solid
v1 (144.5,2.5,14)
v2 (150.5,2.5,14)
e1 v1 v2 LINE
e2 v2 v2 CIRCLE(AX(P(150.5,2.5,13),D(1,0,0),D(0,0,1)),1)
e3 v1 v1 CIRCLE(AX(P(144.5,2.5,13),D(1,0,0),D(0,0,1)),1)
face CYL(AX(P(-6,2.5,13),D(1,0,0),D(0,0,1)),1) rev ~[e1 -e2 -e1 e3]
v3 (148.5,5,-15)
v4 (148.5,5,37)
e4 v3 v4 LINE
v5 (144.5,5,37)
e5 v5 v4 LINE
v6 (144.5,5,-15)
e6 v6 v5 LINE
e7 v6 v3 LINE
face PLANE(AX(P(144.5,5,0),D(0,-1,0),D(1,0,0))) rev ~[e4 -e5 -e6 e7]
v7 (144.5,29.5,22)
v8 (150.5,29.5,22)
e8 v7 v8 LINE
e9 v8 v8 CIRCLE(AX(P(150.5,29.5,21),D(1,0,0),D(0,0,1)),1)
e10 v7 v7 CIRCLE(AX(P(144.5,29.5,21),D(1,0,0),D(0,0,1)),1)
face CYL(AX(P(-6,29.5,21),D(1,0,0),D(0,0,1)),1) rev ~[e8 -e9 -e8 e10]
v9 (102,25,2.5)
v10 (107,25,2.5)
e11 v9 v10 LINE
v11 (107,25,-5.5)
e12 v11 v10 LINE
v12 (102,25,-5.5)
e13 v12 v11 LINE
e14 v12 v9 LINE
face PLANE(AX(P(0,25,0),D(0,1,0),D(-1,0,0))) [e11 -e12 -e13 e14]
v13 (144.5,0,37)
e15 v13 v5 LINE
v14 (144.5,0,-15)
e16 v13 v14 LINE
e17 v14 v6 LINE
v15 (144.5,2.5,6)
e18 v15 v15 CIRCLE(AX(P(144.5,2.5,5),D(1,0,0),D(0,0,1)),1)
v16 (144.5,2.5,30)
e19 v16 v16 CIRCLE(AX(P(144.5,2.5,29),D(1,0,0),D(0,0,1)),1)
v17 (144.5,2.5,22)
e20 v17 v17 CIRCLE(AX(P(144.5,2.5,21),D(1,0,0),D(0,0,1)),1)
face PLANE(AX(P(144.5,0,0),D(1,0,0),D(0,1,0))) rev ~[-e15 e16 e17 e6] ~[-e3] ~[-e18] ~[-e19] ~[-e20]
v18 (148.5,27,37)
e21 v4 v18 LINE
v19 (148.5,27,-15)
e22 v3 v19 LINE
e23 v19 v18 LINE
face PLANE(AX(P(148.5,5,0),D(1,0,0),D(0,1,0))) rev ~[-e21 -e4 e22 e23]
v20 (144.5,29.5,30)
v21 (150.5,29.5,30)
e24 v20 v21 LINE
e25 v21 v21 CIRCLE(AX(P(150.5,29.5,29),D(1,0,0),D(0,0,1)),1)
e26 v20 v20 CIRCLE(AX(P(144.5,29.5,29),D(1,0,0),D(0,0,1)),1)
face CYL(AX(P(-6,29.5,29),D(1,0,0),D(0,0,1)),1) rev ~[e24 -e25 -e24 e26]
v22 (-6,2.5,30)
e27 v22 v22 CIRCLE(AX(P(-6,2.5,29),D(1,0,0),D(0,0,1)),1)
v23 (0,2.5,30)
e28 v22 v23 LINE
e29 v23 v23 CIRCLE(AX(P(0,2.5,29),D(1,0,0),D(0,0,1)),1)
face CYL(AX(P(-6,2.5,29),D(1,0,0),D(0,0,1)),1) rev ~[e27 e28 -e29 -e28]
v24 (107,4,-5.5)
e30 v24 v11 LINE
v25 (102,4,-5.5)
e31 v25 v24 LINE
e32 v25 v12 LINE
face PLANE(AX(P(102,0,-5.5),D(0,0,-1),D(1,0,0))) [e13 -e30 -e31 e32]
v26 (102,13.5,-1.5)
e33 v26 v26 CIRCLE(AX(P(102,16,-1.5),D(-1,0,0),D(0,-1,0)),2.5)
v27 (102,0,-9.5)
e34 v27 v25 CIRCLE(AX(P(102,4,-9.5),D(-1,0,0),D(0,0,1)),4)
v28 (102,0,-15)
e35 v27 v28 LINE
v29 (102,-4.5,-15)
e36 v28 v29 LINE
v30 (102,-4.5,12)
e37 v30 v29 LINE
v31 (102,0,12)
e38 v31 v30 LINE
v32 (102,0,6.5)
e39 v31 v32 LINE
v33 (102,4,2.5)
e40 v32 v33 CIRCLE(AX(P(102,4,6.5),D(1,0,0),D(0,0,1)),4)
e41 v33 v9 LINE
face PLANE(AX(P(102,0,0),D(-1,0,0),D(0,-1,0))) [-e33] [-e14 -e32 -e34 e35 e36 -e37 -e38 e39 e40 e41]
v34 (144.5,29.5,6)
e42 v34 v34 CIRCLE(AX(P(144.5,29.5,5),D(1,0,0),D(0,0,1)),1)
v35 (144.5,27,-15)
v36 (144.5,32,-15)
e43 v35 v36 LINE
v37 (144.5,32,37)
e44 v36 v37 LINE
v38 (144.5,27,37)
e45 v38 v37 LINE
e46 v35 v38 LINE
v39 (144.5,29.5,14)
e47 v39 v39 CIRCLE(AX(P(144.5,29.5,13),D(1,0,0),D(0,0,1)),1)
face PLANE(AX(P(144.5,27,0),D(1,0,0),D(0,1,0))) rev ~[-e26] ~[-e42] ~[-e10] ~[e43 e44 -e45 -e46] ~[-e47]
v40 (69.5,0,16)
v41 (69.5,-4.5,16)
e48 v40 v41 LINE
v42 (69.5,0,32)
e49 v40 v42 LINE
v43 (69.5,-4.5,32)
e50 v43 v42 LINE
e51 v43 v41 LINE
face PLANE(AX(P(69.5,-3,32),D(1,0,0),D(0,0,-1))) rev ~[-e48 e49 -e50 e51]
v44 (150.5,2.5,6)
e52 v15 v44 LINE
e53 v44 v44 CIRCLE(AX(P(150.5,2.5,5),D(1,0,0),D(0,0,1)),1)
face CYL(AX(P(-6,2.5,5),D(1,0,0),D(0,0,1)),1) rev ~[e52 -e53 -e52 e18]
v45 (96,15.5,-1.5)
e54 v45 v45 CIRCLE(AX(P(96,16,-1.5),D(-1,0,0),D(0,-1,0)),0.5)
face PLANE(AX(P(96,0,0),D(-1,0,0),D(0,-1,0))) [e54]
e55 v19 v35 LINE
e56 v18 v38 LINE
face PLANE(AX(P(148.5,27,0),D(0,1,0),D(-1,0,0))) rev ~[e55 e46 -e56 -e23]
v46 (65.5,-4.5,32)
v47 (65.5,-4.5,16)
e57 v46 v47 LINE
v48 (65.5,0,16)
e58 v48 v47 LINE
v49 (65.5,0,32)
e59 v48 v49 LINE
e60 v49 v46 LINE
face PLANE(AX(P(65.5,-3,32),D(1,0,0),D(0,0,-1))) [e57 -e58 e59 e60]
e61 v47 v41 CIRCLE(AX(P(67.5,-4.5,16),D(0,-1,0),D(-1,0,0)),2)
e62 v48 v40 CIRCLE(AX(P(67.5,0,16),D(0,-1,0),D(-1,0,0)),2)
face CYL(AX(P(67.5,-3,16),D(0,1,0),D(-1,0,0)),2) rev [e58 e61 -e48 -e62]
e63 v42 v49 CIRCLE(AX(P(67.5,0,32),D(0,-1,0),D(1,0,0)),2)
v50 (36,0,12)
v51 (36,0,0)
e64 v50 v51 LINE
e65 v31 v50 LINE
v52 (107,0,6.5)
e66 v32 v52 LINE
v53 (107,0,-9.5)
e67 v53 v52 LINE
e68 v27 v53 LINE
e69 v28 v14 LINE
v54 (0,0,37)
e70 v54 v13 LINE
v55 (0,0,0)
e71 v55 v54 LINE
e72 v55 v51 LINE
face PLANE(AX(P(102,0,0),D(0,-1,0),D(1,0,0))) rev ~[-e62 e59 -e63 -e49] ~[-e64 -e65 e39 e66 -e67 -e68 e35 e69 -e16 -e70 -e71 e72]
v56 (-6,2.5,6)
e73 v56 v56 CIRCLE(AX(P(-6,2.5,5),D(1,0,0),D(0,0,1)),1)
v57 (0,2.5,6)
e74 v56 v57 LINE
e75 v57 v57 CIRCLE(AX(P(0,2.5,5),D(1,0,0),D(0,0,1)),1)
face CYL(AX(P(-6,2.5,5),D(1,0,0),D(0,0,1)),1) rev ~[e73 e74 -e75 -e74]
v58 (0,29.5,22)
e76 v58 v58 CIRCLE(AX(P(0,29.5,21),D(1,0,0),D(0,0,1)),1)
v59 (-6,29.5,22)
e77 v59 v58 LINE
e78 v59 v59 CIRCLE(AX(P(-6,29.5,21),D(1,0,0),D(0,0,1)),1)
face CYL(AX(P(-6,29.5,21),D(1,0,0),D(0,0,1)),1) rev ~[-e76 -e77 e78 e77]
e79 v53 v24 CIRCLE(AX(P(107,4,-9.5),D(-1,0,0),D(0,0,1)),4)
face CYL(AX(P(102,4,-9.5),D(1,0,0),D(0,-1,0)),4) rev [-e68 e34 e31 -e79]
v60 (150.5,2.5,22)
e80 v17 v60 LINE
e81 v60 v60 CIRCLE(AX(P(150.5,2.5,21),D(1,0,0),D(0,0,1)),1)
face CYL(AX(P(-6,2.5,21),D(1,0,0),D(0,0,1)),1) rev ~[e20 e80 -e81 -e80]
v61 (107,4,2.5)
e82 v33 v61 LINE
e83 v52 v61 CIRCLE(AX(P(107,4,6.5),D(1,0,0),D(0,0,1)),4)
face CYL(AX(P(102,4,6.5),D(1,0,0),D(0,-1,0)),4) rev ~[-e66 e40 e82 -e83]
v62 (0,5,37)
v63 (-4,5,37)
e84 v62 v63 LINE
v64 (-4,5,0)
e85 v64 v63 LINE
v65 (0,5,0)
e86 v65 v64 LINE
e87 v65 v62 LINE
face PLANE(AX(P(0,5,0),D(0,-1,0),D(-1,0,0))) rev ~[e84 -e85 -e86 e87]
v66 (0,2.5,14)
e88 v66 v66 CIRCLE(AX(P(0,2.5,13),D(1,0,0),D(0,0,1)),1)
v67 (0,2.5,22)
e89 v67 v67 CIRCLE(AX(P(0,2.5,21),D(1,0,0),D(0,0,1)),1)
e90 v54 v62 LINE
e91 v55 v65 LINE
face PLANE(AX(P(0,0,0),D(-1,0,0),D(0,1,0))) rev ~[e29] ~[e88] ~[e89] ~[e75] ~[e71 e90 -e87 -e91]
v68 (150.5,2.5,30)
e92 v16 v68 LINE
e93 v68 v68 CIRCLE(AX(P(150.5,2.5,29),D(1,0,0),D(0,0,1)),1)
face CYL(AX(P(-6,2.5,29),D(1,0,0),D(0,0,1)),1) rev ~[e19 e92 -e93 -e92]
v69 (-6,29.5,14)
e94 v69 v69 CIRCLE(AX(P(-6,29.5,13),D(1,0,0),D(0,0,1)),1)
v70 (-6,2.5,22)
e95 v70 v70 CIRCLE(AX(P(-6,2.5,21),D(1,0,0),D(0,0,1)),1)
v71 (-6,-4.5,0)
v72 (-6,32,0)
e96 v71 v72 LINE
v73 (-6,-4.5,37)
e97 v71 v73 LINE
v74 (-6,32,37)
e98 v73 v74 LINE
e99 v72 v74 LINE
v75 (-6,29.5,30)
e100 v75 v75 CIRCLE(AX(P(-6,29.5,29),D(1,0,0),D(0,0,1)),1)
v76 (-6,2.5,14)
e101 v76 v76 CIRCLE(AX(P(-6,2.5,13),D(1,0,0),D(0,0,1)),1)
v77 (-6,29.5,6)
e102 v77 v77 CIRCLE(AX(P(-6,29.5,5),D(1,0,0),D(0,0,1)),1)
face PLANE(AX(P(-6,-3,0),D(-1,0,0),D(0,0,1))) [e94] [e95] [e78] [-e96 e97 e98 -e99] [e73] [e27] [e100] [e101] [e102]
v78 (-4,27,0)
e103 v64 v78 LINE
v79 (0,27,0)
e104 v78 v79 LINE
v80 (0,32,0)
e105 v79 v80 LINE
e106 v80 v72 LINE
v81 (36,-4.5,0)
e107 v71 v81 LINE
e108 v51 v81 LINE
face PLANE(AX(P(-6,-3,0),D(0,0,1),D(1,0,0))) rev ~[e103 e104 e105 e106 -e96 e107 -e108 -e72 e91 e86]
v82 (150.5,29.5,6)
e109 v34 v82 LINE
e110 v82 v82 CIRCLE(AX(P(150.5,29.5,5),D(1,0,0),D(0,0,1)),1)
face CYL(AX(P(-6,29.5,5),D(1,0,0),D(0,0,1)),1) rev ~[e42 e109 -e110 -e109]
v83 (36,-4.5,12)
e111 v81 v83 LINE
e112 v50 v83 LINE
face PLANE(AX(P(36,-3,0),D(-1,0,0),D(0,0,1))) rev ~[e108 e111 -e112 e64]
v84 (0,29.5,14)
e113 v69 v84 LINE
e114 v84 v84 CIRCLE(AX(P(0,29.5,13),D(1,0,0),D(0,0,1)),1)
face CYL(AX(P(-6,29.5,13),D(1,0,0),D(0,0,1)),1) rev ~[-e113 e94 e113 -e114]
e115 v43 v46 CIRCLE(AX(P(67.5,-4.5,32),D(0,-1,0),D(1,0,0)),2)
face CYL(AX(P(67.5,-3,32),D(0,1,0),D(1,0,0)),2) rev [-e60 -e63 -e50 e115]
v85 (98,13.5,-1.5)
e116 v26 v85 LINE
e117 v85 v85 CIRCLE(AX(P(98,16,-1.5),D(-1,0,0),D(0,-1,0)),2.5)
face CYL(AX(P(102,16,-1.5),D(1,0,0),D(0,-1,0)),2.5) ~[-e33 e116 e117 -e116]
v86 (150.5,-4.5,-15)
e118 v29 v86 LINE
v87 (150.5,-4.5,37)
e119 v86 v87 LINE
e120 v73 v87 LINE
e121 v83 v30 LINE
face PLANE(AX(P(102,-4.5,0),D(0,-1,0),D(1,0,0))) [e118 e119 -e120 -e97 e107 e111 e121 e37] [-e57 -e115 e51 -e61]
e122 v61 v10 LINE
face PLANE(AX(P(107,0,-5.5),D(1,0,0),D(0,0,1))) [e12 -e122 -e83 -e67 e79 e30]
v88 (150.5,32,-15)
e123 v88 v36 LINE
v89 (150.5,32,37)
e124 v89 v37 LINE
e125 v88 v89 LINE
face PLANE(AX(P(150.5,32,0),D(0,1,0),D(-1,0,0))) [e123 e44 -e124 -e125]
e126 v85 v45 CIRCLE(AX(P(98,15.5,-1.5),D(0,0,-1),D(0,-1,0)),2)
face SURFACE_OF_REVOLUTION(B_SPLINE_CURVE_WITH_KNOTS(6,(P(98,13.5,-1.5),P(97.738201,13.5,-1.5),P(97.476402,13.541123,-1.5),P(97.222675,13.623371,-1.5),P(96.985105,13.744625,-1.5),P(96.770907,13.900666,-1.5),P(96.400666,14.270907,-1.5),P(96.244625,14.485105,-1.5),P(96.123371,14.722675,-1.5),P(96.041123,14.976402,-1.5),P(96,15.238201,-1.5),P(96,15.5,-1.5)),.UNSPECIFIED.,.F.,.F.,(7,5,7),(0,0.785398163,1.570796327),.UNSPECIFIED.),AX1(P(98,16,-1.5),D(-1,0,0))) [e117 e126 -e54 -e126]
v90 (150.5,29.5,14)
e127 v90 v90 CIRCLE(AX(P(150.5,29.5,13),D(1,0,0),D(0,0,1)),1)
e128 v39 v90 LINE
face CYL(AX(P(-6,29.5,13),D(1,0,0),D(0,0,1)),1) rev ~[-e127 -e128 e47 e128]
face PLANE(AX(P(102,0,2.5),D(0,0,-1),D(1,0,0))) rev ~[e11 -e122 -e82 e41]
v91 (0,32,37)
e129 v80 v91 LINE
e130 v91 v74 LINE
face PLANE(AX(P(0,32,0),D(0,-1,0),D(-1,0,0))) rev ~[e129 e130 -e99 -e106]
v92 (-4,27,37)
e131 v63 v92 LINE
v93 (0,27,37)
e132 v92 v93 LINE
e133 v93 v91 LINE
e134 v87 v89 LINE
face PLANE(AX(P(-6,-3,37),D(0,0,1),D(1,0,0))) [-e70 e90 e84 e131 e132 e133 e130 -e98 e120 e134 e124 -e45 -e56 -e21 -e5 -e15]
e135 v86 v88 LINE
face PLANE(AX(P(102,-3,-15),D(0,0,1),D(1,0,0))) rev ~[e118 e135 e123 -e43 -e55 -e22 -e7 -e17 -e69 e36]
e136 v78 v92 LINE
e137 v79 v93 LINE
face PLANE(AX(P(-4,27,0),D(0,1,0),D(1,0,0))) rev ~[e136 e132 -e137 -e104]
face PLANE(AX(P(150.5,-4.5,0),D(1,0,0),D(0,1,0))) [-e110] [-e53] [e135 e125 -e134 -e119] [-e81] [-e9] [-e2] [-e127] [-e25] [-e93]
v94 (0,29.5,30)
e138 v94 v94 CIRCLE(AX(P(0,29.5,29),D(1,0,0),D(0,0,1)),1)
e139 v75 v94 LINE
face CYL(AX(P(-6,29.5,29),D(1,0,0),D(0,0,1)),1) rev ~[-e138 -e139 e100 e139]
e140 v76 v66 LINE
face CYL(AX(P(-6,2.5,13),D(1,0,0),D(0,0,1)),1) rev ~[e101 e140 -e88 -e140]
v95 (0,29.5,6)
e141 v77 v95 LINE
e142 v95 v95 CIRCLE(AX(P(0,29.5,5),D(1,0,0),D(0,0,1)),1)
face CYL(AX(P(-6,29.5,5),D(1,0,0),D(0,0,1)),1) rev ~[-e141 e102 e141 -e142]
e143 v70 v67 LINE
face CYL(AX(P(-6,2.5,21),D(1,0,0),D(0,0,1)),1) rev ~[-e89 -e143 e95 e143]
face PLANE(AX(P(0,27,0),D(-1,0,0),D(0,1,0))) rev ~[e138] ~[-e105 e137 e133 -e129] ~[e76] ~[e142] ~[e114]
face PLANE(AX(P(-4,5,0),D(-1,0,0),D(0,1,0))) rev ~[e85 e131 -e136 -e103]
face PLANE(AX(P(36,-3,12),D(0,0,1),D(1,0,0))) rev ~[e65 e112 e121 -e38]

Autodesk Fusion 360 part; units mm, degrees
sketch "Sketch1" plane through (0, 0, 0) normal (0, 0, 1) x (1, 0, 0)
  line L0 (0, 0) -> (144.5, 0)
  line L1 (0, 0) -> (0, 5)
  line L2 (144.5, 0) -> (144.5, 5)
  line L3 (0, 5) -> (-4, 5)
  line L4 (144.5, 5) -> (148.5, 5)
  line L5 (-4, 5) -> (-4, 27)
  line L6 (-4, 27) -> (0, 27)
  line L7 (0, 27) -> (0, 32)
  line L8 (148.5, 5) -> (148.5, 27)
  line L9 (148.5, 27) -> (144.5, 27)
  line L10 (144.5, 27) -> (144.5, 32)
  line L11 (0, 32) -> (-6, 32)
  line L12 (-6, 32) -> (-6, -3)
  line L13 (-6, -3) -> (150.5, -3)
  line L14 (150.5, -3) -> (150.5, 32)
  line L15 (150.5, 32) -> (144.5, 32)
  dimension "d2" = 5
  dimension "d3" = 5
  dimension "d4" = 4
  dimension "d5" = 4
  dimension "d6" = 22
  dimension "d7" = 22
  dimension "d8" = 5
  dimension "d10" = 6
  dimension "d11" = 35
  dimension "d12" = 156.5
  dimension "d13" = 35
  dimension "d83" = 2
  dimension "d84" = 2
  dimension "d85" = 6
  dimension "d86" = 6
  dimension "d87" = 6
extrude "Extrude1" add sketch "Sketch1" along normal blind 37
sketch "Sketch2" plane through (-6, 0, 0) normal (-1, 0, 0) x (0, -1, 0)
  line L0 (-32, 0) -> (3, 0)
  line L1 (3, 0) -> (3, 37)
  line L2 (3, 37) -> (-32, 37)
  line L3 (-32, 37) -> (-32, 0)
  line L4 (-27, 37) -> (-32, 37)
  circle A0 centre (-29.5, 5) radius 1
  circle A1 centre (-29.5, 13) radius 1
  circle A2 centre (-29.5, 21) radius 1
  circle A3 centre (-29.5, 29) radius 1
  circle A4 centre (-2.5, 29) radius 1
  circle A5 centre (-2.5, 21) radius 1
  circle A6 centre (-2.5, 13) radius 1
  circle A7 centre (-2.5, 5) radius 1
  dimension "d18" = 2
  dimension "d19" = 2
  dimension "d21" = 2
  dimension "d22" = 8
  dimension "d24" = 8
  dimension "d25" = 2
  dimension "d26" = 8
hole "Hole2" at (-6, 2.5, 29) at (-6, 2.5, 21) at (-6, 2.5, 13) at (-6, 2.5, 5) direction (1, 0, 0) diameter 2 depth 80 tip angle 118
hole "Hole3" at (-6, 29.5, 29) direction (1, 0, 0) diameter 2 depth 280 tip angle 118
hole "Hole4" at (-6, 29.5, 21) at (-6, 29.5, 13) at (-6, 29.5, 5) at (-6, 2.5, 29) at (-6, 2.5, 21) at (-6, 2.5, 13) at (-6, 2.5, 5) direction (1, 0, 0) diameter 2 depth 245 tip angle 118
sketch "Sketch3" plane through (0, -3, 0) normal (0, -1, 0) x (1, 0, 0)
  line L0 (-6, 0) -> (150.5, 0)
  line L1 (150.5, 0) -> (150.5, 37)
  line L2 (150.5, 37) -> (-6, 37)
  line L3 (-6, 37) -> (-6, 0)
  line L4 (36, 0) -> (36, 12)
  line L5 (36, 12) -> (102, 12)
  line L6 (102, 12) -> (102, 0)
  line L7 (36, 0) -> (102, 0)
  line L8 (-6, 0) -> (-6, 37)
  dimension "d45" = 12
  dimension "d79" = 12
  dimension "d81" = 42
  dimension "d82" = 66
extrude "Extrude2" cut sketch "Sketch3" against normal blind 9 contours L0 L4 L5 L6 L7
sketch "Sketch4" plane through (150.5, 0, 0) normal (1, 0, 0) x (0, 1, 0)
  line L0 (-3, 0) -> (32, 0)
  line L1 (32, 0) -> (32, 37)
  line L2 (32, 37) -> (-3, 37)
  line L3 (-3, 37) -> (-3, 0)
  circle A0 centre (14.5, 44) radius 2.1
  line L4 (14.5, 49.1) -> (10, 49.1)
  line L5 (10, 49.1) -> (10, 37)
  line L6 (19, 49.1) -> (19, 37)
  line L7 (19, 37) -> (14.5, 37)
  line L8 (19, 49.1) -> (14.5, 49.1)
  circle A1 centre (2.5, 13) radius 1
  circle A2 centre (2.5, 29) radius 1
  circle A3 centre (29.5, 13) radius 1
  circle A4 centre (29.5, 21) radius 1
  circle A5 centre (29.5, 5) radius 1
  circle A6 centre (2.5, 21) radius 1
  circle A7 centre (2.5, 5) radius 1
  circle A8 centre (29.5, 29) radius 1
  dimension "d46" = 17.5
  dimension "d47" = 7
  dimension "d48" = 4.2
sketch "Sketch5" plane through (150.5, 0, 0) normal (1, 0, 0) x (0, 1, 0)
  line L0 (32, 37) -> (-3, 37)
  line L1 (-3, 37) -> (-3, 0)
  line L2 (-3, 0) -> (32, 0)
  line L3 (32, 0) -> (32, 37)
  line L4 (6.9, 0) -> (6.9, 10)
  line L5 (22.1, 0) -> (22.1, 37)
  line L6 (22.1, 0) -> (24.1, 0)
  line L7 (24.1, 0) -> (24.1, 37)
  line L8 (6.9, 0) -> (4.9, 0)
  line L9 (4.9, 0) -> (4.927, 10.0053)
  line L10 (6.9, 0) -> (6.9, 10)
  line L11 (6.9, 10) -> (4.9, 10.0054)
  circle A0 centre (2.5, 13) radius 1
  circle A1 centre (2.5, 29) radius 1
  circle A2 centre (29.5, 13) radius 1
  circle A3 centre (29.5, 21) radius 1
  circle A4 centre (29.5, 5) radius 1
  circle A5 centre (2.5, 21) radius 1
  circle A6 centre (2.5, 5) radius 1
  circle A7 centre (29.5, 29) radius 1
  point P0 (5, 37)
  point P1 (5, 37)
  dimension "d54" = 9.9
  dimension "d55" = 9.9
  dimension "d56" = 2
  dimension "d57" = 2
  dimension "d60" = 10
  dimension "d61" = 2
ref_plane "WorkPlane1" through (102.5, 14.5, 18.5) normal (1, 0, 0) x (0, 1, 0)
sketch "Sketch7" plane through (0, -3, 0) normal (0, -1, 0) x (1, 0, 0)
  line L0 (36, 0) -> (36, 12)
  line L1 (36, 12) -> (102, 12)
  line L2 (102, 12) -> (102, 0)
  line L3 (102, 0) -> (150.5, 0)
  line L4 (150.5, 0) -> (150.5, 37)
  line L5 (150.5, 37) -> (-6, 37)
  line L6 (-6, 37) -> (-6, 0)
  line L7 (-6, 0) -> (36, 0)
  line L8 (65.5, 32) -> (65.5, 16)
  line L9 (69.5, 32) -> (69.5, 16)
  arc A0 (69.5, 32) -> (65.5, 32) centre (67.5, 32) ccw
  arc A1 (65.5, 16) -> (69.5, 16) centre (67.5, 16) ccw
  dimension "d71" = 4
  dimension "d74" = 4
  dimension "d76" = 2
  dimension "d88" = 71.5
  dimension "d89" = 4
extrude "Extrude7" cut sketch "Sketch7" against normal blind 13 contours L8 L9 A0 A1
extrude "Extrude8" add 1 faces at (134.3333, -3, 16.3333) along direction (0, -1, 0) blind 1.5
extrude "Extrude9" add 1 faces at (132.3333, -3, 0) along direction (0, 0, -1) blind 15
sketch "Sketch8" plane through (0, 0, 0) normal (0, 1, 0) x (-1, 0, 0)
  line L0 (-65.5, 32) -> (-65.5, 16)
  arc A0 (-69.5, 16) -> (-65.5, 16) centre (-67.5, 16) ccw
  line L1 (-69.5, 16) -> (-69.5, 32)
  arc A1 (-65.5, 32) -> (-69.5, 32) centre (-67.5, 32) ccw
  line L2 (-36, 12) -> (-36, 0)
  line L3 (-36, 0) -> (0, 0)
  line L4 (0, 0) -> (0, 37)
  line L5 (0, 37) -> (-144.5, 37)
  line L6 (-144.5, 37) -> (-144.5, -15)
  line L7 (-144.5, -15) -> (-102, -15)
  line L8 (-102, -15) -> (-102, 12)
  line L9 (-102, 12) -> (-36, 12)
  line L10 (-102, 2.5) -> (-107, 2.5)
  line L11 (-102, -5.5) -> (-107, -5.5)
  line L12 (-107, -5.5) -> (-107, 2.5)
  line L13 (-102, 2.5) -> (-102, -5.5)
  dimension "d97" = 5
  dimension "d100" = 8
  dimension "d101" = 8
  dimension "d102" = 9.5
extrude "Extrude10" add sketch "Sketch8" along normal blind 25 contours L8 L10 L11 L12 L13
sketch "Sketch10" plane through (102, 0, 0) normal (-1, 0, 0) x (0, -1, 0)
  line L0 (0, -5.5) -> (0, -15)
  line L1 (0, -15) -> (4.5, -15)
  line L2 (4.5, -15) -> (4.5, 12)
  line L3 (4.5, 12) -> (0, 12)
  line L4 (0, 12) -> (0, 2.5)
  line L5 (0, 2.5) -> (-25, 2.5)
  line L6 (-25, 2.5) -> (-25, -5.5)
  line L7 (-25, -5.5) -> (0, -5.5)
  circle A0 centre (-16, -1.5) radius 2.5
  dimension "d107" = 5
  dimension "d108" = 9
extrude "Extrude12" add sketch "Sketch10" along normal blind 6 contours A0
fillet "Fillet4" radius 2 1 edges at (96, 18.3308, -2.404)
fillet "Fillet5" radius 4 2 edges at (104.5, 0, -5.5) (104.5, 0, 2.5)
equation "d11 = 32.00 mm + 3 mm"
equation "d12 = 96 mm + 10.5 mm + 50 mm"
equation "d46 = ( 35 / 2 ) * 1 mm"
equation "d64 = ( -96 / 2 ) * 1 mm"
equation "d88 = 46.50 mm + 25 mm"
